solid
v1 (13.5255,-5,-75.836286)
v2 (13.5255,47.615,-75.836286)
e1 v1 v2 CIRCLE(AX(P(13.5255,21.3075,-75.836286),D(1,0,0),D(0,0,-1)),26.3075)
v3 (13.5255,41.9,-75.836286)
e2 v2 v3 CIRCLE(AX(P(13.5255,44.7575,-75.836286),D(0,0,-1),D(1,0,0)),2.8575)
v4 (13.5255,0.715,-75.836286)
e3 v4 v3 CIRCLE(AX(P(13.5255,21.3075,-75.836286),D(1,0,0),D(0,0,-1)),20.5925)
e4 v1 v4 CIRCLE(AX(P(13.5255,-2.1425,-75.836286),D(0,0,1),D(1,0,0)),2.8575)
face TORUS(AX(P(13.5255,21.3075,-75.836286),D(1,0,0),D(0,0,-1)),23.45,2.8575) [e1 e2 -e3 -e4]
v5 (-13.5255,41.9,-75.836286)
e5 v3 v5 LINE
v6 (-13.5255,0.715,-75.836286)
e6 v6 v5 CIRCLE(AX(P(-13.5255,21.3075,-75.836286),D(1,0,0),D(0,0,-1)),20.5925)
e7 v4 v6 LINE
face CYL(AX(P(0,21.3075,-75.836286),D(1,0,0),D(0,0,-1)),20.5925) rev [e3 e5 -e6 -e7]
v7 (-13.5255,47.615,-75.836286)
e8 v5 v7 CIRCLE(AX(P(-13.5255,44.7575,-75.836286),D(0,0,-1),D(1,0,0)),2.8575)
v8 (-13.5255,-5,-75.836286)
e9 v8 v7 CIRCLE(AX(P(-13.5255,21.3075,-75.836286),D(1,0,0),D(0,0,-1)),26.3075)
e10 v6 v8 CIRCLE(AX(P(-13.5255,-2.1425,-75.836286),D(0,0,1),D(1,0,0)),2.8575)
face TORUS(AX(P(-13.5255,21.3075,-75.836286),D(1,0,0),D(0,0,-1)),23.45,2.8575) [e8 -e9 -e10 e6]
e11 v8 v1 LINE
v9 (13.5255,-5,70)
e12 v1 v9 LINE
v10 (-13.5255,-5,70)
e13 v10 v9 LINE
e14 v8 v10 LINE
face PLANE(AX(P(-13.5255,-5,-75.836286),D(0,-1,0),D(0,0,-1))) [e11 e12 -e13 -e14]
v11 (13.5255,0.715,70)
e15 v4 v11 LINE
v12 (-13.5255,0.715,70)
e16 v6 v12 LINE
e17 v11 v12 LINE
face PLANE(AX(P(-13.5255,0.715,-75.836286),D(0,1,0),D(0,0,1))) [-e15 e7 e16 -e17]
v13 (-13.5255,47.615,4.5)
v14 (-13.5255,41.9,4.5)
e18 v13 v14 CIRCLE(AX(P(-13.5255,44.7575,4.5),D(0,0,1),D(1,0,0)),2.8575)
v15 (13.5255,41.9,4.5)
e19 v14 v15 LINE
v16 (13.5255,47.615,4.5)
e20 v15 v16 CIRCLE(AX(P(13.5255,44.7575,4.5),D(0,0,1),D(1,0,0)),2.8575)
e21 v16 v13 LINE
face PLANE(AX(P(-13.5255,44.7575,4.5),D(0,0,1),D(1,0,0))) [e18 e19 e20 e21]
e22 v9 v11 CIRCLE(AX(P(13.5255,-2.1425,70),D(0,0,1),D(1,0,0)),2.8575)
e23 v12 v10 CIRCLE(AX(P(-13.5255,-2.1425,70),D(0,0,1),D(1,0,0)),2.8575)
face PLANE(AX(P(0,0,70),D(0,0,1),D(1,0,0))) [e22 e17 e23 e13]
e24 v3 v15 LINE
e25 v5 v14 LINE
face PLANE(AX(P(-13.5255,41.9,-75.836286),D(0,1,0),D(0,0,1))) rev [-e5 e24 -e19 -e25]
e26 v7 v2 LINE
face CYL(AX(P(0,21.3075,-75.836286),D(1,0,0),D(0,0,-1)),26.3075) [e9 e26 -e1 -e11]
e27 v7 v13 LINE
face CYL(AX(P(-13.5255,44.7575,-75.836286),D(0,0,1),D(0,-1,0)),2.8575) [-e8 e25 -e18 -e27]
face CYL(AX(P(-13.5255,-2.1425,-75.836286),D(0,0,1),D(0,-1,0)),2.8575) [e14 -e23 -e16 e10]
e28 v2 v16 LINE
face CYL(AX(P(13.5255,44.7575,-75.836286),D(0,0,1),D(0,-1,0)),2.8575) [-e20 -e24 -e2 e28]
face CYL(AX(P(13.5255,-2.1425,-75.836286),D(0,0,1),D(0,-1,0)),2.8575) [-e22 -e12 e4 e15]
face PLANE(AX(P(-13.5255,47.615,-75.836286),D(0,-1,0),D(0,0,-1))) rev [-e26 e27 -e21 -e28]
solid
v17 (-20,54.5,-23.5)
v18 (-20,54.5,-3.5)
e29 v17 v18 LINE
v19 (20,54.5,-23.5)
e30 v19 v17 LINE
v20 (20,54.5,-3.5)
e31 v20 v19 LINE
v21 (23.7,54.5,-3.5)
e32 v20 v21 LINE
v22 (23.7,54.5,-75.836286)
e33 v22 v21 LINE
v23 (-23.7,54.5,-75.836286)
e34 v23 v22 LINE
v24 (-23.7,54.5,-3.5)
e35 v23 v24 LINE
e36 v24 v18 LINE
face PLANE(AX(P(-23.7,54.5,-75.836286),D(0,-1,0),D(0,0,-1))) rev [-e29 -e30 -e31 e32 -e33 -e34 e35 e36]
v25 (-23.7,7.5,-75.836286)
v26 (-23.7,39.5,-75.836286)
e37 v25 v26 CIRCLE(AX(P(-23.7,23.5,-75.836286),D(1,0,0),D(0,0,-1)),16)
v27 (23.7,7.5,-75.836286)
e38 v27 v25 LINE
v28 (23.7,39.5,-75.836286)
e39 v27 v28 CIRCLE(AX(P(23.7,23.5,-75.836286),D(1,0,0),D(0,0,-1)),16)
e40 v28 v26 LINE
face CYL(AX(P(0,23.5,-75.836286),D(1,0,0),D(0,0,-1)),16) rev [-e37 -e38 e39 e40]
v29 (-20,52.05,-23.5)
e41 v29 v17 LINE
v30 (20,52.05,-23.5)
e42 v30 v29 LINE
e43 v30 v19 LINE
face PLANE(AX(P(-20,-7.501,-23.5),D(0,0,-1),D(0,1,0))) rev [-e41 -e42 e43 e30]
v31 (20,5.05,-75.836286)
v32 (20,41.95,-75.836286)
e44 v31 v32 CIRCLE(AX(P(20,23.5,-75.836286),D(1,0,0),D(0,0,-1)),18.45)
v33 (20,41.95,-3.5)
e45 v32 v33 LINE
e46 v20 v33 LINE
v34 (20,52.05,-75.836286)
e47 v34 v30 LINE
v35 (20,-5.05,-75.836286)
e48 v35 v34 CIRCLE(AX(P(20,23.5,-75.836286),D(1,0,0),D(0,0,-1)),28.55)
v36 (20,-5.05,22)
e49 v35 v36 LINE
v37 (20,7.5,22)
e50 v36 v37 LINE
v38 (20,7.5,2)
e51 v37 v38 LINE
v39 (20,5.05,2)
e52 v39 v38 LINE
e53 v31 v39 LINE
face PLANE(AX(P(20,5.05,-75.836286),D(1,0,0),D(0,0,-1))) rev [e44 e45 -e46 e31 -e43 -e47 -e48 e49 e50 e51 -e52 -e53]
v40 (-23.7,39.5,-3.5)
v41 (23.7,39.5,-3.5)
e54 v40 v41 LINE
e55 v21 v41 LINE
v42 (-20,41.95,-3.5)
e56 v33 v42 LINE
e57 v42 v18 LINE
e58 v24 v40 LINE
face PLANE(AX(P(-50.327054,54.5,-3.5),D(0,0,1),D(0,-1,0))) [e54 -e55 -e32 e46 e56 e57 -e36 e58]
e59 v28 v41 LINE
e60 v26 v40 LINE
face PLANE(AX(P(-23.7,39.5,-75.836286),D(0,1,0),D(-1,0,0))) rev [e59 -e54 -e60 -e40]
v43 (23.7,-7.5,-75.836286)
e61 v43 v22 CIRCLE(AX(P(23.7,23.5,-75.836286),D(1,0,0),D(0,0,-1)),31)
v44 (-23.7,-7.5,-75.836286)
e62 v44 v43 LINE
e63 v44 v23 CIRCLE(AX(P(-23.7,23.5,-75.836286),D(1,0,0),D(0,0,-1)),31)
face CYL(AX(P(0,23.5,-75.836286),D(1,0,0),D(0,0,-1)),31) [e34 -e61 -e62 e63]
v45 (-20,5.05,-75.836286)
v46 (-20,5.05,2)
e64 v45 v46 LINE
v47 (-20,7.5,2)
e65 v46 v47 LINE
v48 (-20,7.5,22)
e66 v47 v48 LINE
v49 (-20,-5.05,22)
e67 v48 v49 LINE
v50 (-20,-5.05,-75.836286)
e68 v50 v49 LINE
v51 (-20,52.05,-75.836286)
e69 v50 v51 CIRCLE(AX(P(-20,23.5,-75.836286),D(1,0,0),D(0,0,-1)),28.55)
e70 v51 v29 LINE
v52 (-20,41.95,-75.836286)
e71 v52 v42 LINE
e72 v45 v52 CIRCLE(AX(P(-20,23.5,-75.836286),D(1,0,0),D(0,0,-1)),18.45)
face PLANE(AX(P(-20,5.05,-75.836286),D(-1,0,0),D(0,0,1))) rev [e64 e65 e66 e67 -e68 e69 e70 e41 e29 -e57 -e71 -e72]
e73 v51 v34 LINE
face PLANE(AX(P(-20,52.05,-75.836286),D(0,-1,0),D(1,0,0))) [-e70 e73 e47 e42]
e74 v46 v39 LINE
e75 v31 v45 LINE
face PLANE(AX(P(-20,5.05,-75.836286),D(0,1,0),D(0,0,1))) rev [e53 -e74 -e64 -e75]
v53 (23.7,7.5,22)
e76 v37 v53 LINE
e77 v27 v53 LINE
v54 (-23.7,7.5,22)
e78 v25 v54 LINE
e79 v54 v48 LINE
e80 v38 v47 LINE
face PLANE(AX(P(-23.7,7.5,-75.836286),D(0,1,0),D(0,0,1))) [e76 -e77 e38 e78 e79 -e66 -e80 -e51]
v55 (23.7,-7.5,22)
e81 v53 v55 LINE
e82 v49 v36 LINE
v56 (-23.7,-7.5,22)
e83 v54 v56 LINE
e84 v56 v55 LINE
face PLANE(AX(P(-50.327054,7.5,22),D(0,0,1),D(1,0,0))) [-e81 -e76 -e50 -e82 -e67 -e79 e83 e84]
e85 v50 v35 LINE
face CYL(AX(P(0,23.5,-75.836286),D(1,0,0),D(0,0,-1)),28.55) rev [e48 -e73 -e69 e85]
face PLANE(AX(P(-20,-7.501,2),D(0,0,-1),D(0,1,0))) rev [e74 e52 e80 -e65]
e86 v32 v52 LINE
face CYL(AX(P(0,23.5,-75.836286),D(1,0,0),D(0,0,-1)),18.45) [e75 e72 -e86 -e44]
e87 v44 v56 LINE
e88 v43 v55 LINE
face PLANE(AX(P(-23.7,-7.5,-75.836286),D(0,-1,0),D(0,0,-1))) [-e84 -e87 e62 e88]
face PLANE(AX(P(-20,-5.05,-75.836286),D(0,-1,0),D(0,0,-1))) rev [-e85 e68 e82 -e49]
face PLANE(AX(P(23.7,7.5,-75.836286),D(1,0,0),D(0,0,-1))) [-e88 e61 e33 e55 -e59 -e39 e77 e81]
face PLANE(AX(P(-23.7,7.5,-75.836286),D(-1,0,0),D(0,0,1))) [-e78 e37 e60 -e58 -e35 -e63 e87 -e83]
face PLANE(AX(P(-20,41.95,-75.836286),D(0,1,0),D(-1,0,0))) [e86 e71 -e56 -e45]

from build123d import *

# Parameters (mm, degrees)
SKETCH2_W          = 47.4
SKETCH2_H          = 15
SKETCH2_W_2        = 40
SKETCH2_H_2        = 10.1
SKETCH26_W         = 22
SKETCH26_H         = 15
EXTRUDE7_DEPTH     = 47.4
SKETCH29_W         = 40
SKETCH29_H         = 10.1
CUT_EXTRUDE1_REACH = 127.776
SKETCH35_W         = 40
SKETCH35_H         = 20
CUT_EXTRUDE2_REACH = 121.099
SKETCH36_W         = 40
SKETCH36_H         = 20
EXTRUDE4_DEPTH     = 70
EXTRUDE8_DEPTH     = 30


with BuildPart() as part:
    # Sweep1: sweep along a path in Sketch15
    with BuildLine(Plane(origin=(0, 0, 0), x_dir=(0, 0, -1), z_dir=(1, 0, 0))) as sweep1_path:
        Line((0, 0), (75.83628632, 0))
        ThreePointArc((75.83628632, 0), (99.33628632, 23.5), (75.83628632, 47))
        Line((75.83628632, 47), (25.5, 47))
    # Sketch2 → Sweep1 (sweep)
    with BuildSketch(Plane.XY):
        Rectangle(SKETCH2_W, SKETCH2_H)
        Rectangle(SKETCH2_W_2, SKETCH2_H_2, mode=Mode.SUBTRACT)
    sweep(path=sweep1_path.line)

    # Sketch26 → Extrude7 (add)
    with BuildSketch(Plane(origin=(23.7, 0, 0), x_dir=(0, 0, -1), z_dir=(1, 0, 0))):
        with Locations((14.5, 47)):
            Rectangle(SKETCH26_W, SKETCH26_H)
        with Locations((-11, 0)):
            Rectangle(SKETCH26_W, SKETCH26_H)
    extrude(amount=-EXTRUDE7_DEPTH)

    # Cut-Sweep2: sweep along a path in Sketch30
    with BuildLine(Plane(origin=(0, 0, 0), x_dir=(0, 0, -1), z_dir=(1, 0, 0))) as cut_sweep2_path:
        Line((-22, 0), (75.83628632, 0))
        ThreePointArc((75.83628632, 0), (99.33628632, 23.5), (75.83628632, 47))
        Line((75.83628632, 47), (3.5, 47))
    # Sketch29 → Cut-Sweep2 (sweep, cut)
    with BuildSketch(Plane.XY.offset(22)):
        Rectangle(SKETCH29_W, SKETCH29_H)
    sweep(path=cut_sweep2_path.line, mode=Mode.SUBTRACT)

    # Sketch35 → Cut-Extrude1 (cut, up to next)
    with BuildSketch(Plane(origin=(0, 54.5, 0), x_dir=(1, 0, 0), z_dir=(0, 1, 0)), mode=Mode.PRIVATE) as cut_extrude1_sk1:
        with Locations((0, 13.5)):
            Rectangle(SKETCH35_W, SKETCH35_H)
    cut_extrude1_tool1 = extrude(cut_extrude1_sk1.sketch, amount=-CUT_EXTRUDE1_REACH, mode=Mode.PRIVATE) & part.part
    add(cut_extrude1_tool1.solids().sort_by_distance((0, 54.5, -13.5))[0], mode=Mode.SUBTRACT)

    # Sketch36 → Cut-Extrude2 (cut, up to next)
    with BuildSketch(Plane(origin=(0, 7.5, 0), x_dir=(1, 0, 0), z_dir=(0, 1, 0)), mode=Mode.PRIVATE) as cut_extrude2_sk1:
        with Locations((0, -12)):
            Rectangle(SKETCH36_W, SKETCH36_H)
    cut_extrude2_tool1 = extrude(cut_extrude2_sk1.sketch, amount=-CUT_EXTRUDE2_REACH, mode=Mode.PRIVATE) & part.part
    add(cut_extrude2_tool1.solids().sort_by_distance((0, 7.5, 12))[0], mode=Mode.SUBTRACT)


with BuildPart() as body_2:
    # Sweep2: sweep along a path in Sketch34
    with BuildLine(Plane(origin=(0, 0, 0), x_dir=(0, 0, -1), z_dir=(1, 0, 0))) as sweep2_path:
        Line((0, -2.1925), (75.83628632, -2.1925))
        ThreePointArc((75.83628632, -2.1925), (99.33628632, 21.3075), (75.83628632, 44.8075))
        Line((75.83628632, 44.8075), (25.5, 44.8075))
    # Sketch1 → Sweep2 (sweep)
    with BuildSketch(Plane.XY):
        with BuildLine():
            Line((-13.5255, 0.715), (13.5255, 0.715))
            ThreePointArc((13.5255, 0.715), (16.383, -2.1425), (13.5255, -5))
            Line((13.5255, -5), (-13.5255, -5))
            ThreePointArc((-13.5255, -5), (-16.383, -2.1425), (-13.5255, 0.715))
        make_face()
    sweep(path=sweep2_path.line)

    # Sketch25 → Extrude4 (add)
    with BuildSketch(Plane.XY):
        with BuildLine():
            Line((13.5255, 0.715), (-13.5255, 0.715))
            ThreePointArc((-13.5255, 0.715), (-16.383, -2.1425), (-13.5255, -5))
            Line((-13.5255, -5), (13.5255, -5))
            ThreePointArc((13.5255, -5), (16.383, -2.1425), (13.5255, 0.715))
        make_face()
    extrude(amount=EXTRUDE4_DEPTH)

    # Sketch31 → Extrude8 (add)
    with BuildSketch(Plane.XY.offset(-25.5)):
        with BuildLine():
            Line((-13.5255, 41.9), (13.5255, 41.9))
            ThreePointArc((13.5255, 41.9), (16.383, 44.7575), (13.5255, 47.615))
            Line((13.5255, 47.615), (-13.5255, 47.615))
            ThreePointArc((-13.5255, 47.615), (-16.383, 44.7575), (-13.5255, 41.9))
        make_face()
    extrude(amount=EXTRUDE8_DEPTH)


solid = Compound([part.part, body_2.part])
